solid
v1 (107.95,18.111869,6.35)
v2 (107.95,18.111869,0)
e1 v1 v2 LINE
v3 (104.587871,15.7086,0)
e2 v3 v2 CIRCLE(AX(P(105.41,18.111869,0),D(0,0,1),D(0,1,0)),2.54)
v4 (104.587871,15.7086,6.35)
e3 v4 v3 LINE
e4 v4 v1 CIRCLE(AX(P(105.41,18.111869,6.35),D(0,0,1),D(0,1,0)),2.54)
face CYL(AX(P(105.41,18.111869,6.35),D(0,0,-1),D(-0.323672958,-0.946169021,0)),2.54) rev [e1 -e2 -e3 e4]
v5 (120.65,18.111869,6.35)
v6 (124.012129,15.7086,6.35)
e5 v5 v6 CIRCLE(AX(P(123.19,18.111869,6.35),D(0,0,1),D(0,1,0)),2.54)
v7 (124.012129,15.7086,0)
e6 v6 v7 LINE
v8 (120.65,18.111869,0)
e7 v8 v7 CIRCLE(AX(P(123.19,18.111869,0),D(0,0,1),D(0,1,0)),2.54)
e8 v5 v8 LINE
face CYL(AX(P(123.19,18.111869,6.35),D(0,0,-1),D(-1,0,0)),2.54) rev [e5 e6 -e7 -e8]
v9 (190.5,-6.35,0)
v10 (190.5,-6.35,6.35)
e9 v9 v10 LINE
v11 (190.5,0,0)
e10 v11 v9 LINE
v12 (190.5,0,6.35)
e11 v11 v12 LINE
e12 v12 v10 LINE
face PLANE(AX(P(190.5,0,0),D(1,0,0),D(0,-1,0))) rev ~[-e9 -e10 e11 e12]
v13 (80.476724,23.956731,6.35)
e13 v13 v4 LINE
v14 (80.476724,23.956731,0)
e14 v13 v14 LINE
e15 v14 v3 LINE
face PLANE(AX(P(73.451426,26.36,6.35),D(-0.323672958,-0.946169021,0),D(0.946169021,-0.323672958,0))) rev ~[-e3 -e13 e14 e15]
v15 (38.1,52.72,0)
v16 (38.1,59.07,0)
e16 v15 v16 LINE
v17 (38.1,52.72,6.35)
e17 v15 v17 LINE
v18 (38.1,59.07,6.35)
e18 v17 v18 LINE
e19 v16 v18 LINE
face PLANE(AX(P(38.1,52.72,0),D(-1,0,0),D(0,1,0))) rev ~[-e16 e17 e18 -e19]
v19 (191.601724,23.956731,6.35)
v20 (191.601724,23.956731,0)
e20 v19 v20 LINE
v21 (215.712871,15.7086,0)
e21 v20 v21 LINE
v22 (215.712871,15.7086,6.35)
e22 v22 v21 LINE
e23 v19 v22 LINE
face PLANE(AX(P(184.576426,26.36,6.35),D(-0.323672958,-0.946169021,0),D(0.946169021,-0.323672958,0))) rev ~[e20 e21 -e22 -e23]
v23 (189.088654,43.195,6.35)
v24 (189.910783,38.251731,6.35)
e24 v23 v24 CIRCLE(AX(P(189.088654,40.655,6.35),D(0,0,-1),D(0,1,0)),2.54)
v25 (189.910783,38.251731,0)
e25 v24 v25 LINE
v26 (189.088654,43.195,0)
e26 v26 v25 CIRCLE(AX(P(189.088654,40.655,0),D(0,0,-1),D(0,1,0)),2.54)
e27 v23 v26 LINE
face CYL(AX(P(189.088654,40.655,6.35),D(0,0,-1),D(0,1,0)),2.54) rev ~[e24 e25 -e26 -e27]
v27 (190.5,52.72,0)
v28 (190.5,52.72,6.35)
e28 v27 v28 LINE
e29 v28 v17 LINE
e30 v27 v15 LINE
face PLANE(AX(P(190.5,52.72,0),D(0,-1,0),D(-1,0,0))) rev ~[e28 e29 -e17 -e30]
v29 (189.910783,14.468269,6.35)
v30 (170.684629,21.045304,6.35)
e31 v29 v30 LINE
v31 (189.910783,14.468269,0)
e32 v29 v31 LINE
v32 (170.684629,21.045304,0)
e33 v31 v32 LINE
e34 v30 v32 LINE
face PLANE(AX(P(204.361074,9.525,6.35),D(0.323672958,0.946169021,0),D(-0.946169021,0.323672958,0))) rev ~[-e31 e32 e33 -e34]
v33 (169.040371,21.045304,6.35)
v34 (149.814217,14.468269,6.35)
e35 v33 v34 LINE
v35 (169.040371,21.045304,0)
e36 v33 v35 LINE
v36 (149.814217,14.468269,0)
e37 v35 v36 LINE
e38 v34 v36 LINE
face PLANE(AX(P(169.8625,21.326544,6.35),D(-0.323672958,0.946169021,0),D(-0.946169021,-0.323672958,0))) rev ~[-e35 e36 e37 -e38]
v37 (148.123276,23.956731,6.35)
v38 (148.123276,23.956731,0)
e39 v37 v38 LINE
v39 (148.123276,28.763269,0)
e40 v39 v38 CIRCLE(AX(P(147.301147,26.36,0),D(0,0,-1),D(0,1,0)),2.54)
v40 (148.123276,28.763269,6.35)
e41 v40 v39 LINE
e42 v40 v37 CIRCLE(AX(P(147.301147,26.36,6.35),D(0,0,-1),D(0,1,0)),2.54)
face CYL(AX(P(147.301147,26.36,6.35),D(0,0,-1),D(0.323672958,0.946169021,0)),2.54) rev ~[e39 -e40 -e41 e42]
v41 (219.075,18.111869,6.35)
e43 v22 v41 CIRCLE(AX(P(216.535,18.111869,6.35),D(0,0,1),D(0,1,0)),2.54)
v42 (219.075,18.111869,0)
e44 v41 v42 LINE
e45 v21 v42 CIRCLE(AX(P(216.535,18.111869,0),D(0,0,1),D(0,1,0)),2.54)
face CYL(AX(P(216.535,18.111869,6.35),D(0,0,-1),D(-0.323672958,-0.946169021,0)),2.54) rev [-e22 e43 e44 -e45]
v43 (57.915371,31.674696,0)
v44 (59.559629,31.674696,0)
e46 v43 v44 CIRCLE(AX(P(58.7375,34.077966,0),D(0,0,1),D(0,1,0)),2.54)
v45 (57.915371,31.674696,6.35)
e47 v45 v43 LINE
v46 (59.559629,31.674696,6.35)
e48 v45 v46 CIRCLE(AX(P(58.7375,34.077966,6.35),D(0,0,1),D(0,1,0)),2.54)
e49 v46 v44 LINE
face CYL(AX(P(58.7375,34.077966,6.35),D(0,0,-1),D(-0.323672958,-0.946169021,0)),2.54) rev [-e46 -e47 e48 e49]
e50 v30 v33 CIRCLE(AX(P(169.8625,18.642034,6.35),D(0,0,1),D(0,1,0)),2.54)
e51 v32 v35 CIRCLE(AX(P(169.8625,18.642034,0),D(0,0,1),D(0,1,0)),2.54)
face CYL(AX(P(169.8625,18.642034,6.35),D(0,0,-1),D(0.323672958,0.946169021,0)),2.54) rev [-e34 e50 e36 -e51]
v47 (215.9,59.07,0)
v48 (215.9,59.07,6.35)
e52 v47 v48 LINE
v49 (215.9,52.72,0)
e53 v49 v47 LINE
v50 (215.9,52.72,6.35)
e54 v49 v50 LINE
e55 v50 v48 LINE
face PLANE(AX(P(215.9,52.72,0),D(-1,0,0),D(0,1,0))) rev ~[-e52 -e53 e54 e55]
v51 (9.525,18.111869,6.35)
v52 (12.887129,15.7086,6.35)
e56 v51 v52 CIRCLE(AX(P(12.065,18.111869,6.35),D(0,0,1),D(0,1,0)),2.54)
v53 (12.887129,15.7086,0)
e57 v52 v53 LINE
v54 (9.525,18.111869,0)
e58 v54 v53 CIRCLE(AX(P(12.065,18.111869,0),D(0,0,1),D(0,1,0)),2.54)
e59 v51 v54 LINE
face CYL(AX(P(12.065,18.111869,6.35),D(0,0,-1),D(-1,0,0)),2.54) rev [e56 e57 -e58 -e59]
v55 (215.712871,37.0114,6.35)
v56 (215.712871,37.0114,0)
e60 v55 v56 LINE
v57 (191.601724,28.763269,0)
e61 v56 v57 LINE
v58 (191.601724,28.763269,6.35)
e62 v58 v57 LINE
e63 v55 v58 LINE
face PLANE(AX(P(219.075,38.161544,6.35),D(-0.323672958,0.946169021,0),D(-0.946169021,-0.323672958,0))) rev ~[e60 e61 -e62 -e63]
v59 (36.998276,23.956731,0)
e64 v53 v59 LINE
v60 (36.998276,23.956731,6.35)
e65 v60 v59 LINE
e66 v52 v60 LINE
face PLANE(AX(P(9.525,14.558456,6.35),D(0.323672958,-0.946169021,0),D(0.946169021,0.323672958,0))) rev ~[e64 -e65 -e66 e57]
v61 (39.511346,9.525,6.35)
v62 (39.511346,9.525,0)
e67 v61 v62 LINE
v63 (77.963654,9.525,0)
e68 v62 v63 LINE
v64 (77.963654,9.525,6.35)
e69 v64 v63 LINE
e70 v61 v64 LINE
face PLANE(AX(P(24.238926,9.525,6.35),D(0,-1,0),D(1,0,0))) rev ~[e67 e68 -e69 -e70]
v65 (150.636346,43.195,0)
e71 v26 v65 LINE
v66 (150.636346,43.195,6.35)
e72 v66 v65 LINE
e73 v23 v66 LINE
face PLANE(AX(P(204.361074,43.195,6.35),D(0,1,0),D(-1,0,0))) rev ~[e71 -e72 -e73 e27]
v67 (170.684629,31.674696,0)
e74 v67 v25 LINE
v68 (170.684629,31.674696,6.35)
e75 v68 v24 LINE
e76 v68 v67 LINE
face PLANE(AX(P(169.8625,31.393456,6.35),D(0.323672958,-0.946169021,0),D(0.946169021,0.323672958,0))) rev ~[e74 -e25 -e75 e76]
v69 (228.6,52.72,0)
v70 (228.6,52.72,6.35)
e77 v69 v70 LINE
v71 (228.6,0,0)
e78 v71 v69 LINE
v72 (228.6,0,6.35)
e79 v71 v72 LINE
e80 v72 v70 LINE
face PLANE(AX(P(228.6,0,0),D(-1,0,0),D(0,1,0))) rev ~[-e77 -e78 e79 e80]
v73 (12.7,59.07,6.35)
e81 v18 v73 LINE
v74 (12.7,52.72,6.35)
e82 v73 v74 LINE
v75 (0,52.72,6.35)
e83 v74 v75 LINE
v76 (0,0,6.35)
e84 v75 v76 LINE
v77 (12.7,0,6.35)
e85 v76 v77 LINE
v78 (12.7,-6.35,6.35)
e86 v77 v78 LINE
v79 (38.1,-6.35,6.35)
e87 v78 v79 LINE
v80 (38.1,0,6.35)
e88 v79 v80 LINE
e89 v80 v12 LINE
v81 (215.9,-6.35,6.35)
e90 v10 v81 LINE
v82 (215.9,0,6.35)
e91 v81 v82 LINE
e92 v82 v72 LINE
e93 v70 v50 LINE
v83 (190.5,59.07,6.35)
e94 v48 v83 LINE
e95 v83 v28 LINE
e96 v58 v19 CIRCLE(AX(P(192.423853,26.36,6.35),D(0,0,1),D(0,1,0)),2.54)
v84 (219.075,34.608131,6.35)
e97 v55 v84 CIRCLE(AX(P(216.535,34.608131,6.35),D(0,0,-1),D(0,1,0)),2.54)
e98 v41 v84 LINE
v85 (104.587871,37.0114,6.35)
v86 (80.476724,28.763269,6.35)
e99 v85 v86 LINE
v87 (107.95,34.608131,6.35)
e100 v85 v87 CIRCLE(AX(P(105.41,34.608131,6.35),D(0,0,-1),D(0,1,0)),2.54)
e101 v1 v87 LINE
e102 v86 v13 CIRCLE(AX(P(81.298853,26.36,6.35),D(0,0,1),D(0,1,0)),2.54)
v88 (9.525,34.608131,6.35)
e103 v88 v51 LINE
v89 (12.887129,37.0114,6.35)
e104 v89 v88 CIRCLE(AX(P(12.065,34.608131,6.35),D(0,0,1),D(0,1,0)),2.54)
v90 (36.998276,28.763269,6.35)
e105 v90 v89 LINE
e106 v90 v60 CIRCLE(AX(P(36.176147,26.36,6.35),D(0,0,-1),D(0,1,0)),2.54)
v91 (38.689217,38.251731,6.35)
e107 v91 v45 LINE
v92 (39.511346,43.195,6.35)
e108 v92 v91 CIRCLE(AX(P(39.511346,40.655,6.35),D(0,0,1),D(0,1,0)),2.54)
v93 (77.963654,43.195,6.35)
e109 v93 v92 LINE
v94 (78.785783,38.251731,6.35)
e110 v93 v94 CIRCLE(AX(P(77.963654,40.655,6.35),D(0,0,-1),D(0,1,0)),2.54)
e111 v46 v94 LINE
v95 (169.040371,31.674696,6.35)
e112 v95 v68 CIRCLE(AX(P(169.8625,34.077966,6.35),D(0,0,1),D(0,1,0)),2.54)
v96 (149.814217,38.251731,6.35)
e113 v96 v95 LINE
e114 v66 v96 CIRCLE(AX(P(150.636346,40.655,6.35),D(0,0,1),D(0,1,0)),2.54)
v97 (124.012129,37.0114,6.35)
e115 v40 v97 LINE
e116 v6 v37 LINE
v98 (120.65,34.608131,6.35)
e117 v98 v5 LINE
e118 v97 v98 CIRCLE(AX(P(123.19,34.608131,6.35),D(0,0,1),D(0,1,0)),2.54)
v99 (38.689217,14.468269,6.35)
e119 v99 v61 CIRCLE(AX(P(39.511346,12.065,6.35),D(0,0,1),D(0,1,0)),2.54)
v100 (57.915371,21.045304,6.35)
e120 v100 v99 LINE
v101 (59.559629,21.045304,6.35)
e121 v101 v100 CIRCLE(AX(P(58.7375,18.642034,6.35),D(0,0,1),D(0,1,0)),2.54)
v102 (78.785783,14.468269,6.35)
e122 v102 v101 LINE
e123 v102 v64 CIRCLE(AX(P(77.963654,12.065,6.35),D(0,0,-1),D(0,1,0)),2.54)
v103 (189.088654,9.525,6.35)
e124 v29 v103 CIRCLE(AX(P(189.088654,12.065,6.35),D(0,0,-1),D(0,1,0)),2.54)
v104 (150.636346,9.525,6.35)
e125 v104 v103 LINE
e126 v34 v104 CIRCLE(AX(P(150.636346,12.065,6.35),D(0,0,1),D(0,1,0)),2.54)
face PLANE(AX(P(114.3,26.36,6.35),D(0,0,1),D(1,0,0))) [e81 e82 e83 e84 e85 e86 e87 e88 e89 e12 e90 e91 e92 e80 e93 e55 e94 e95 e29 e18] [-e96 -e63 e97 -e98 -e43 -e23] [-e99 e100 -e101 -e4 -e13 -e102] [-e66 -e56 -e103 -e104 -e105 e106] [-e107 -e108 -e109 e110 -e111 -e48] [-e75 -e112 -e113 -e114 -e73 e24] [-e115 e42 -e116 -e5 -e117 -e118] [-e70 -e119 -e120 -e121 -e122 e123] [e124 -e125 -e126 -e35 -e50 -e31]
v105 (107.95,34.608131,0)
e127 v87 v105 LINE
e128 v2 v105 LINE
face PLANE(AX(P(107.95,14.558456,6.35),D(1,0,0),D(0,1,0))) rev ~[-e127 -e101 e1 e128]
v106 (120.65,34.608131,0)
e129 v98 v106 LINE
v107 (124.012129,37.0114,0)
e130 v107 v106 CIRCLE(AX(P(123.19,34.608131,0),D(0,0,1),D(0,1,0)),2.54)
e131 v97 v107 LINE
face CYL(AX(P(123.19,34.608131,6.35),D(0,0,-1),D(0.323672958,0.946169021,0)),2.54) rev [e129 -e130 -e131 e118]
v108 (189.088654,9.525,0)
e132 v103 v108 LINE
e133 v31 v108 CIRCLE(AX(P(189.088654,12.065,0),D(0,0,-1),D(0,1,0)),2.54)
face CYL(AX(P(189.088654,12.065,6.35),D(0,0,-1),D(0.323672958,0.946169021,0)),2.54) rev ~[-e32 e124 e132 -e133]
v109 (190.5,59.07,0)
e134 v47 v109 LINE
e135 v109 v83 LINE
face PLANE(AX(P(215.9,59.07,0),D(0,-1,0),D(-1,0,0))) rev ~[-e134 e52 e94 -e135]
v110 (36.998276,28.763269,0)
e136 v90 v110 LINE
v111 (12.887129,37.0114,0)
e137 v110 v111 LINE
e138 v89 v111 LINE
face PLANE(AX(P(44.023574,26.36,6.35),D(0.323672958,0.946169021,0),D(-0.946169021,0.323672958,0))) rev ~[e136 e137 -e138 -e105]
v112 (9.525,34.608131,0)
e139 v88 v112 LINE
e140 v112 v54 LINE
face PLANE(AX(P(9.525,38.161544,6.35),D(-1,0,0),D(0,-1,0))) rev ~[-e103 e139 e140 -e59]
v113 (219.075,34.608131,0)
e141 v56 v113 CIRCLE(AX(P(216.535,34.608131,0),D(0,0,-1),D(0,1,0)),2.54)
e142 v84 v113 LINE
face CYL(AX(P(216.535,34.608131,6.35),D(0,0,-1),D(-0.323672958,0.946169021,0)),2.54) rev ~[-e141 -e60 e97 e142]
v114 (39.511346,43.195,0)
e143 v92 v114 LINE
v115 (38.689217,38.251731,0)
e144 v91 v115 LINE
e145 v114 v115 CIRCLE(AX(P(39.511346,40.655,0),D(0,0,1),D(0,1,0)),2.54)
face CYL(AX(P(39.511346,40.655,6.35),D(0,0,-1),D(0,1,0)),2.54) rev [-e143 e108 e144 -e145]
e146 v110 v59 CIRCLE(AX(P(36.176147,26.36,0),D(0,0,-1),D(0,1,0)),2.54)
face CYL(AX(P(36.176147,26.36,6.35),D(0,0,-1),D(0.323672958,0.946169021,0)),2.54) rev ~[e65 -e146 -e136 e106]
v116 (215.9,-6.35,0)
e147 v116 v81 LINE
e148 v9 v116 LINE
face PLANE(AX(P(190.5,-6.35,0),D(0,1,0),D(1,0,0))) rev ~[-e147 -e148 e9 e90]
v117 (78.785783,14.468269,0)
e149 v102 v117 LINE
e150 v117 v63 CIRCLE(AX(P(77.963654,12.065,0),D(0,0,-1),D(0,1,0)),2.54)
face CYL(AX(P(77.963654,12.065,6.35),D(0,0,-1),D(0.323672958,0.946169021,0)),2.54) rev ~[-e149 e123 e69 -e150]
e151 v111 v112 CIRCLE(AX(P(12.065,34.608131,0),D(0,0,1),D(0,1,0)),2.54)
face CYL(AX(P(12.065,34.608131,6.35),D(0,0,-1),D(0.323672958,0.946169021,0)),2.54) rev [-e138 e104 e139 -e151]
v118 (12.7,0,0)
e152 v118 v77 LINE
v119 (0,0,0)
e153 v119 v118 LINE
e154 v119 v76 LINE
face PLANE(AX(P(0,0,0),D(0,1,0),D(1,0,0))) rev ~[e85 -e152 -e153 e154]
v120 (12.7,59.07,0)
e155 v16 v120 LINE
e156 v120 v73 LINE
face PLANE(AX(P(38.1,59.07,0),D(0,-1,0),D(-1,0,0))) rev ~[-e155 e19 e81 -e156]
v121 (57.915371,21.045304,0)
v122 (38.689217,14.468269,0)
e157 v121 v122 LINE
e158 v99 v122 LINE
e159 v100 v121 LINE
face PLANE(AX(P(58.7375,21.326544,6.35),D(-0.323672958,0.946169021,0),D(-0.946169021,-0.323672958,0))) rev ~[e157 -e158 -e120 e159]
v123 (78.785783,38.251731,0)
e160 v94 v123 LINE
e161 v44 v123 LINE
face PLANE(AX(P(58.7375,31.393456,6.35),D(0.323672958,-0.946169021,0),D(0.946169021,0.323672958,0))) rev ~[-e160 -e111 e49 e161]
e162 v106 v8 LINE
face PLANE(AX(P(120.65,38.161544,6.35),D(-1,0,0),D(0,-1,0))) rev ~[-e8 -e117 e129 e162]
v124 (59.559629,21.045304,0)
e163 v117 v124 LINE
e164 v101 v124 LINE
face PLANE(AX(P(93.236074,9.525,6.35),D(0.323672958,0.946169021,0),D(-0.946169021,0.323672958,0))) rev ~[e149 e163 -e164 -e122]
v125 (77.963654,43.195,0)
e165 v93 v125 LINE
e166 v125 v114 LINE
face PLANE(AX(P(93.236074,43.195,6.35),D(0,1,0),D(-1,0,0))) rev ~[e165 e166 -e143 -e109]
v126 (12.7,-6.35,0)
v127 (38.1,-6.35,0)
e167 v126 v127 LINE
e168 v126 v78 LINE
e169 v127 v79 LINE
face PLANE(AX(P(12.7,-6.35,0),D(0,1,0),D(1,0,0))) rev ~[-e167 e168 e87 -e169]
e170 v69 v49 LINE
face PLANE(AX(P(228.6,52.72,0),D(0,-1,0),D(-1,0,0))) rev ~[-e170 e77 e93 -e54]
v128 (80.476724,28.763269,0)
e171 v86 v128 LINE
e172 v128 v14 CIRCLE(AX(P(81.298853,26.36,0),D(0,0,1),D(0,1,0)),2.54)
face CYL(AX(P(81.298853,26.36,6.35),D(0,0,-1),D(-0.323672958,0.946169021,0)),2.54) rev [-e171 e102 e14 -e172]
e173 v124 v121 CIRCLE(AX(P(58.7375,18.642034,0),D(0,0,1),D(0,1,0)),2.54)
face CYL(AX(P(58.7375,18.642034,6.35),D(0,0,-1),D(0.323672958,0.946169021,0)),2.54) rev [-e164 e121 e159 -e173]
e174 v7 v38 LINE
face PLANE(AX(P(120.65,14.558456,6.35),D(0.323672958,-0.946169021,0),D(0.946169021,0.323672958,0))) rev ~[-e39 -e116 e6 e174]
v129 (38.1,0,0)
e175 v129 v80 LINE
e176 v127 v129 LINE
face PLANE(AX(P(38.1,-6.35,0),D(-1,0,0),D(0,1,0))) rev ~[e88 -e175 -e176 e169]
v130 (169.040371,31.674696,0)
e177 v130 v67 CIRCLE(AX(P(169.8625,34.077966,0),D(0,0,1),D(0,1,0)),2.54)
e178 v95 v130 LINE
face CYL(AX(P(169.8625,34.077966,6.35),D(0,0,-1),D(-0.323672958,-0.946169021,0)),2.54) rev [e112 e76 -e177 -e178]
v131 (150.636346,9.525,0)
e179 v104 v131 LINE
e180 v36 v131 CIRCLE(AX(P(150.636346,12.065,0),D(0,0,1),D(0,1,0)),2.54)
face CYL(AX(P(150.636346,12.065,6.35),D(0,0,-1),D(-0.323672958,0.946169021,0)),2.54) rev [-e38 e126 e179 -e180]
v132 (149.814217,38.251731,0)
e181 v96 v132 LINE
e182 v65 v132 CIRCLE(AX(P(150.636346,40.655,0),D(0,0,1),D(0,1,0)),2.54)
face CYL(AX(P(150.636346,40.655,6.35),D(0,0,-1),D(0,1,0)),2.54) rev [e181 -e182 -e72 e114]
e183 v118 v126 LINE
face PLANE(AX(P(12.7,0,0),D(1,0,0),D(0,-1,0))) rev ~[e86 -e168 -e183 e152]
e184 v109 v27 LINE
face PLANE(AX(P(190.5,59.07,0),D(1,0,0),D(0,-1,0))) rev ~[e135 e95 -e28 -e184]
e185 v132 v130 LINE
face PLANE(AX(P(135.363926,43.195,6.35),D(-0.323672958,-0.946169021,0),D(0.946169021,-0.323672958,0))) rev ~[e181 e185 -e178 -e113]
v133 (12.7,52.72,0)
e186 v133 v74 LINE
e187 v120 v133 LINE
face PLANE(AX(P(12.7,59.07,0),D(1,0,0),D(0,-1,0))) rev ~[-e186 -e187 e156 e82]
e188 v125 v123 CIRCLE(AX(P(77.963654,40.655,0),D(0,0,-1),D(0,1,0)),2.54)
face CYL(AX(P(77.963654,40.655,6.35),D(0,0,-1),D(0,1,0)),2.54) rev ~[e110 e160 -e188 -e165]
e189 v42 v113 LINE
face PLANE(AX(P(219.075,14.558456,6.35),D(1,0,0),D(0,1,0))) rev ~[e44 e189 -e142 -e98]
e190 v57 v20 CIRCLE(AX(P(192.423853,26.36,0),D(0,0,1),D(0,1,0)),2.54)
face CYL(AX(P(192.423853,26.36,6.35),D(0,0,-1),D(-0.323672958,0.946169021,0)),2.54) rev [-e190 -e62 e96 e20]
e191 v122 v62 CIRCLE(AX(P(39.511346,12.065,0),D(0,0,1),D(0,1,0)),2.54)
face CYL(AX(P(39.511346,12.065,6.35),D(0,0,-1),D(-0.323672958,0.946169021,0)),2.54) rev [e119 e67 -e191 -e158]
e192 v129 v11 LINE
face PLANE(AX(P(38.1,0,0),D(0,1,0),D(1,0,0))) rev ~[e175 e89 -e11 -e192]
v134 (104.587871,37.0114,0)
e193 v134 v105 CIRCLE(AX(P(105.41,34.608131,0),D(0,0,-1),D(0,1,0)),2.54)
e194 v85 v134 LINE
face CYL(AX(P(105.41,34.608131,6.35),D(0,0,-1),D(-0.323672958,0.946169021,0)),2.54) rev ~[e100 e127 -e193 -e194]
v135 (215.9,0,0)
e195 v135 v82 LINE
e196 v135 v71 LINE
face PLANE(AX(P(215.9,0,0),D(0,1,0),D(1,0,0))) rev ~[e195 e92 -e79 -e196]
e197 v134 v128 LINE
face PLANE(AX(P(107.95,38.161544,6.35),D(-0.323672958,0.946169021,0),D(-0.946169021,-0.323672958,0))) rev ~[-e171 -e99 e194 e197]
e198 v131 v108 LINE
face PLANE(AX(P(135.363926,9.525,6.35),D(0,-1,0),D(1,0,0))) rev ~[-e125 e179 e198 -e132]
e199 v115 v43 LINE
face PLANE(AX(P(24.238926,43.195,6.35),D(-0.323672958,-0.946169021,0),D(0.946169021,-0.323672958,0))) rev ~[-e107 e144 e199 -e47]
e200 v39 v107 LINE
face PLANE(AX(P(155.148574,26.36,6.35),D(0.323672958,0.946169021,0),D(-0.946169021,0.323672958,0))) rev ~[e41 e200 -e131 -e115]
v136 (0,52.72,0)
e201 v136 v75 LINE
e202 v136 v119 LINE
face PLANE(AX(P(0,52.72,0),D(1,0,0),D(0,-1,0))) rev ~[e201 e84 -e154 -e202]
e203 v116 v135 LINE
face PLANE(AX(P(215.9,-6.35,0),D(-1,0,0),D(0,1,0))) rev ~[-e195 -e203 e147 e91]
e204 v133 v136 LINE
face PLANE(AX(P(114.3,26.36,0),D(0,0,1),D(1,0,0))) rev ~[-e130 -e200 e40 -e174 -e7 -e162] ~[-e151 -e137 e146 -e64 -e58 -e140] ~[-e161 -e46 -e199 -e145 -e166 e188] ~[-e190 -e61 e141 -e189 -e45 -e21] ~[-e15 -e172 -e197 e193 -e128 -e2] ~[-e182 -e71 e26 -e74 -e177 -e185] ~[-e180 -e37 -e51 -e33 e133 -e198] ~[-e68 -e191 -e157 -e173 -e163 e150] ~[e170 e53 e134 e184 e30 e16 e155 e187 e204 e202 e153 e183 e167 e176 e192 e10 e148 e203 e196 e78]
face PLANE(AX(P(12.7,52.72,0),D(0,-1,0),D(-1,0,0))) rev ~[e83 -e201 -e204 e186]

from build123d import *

# Parameters (mm, degrees)
BOSS_EXTRUDE1_DEPTH = 6.35
CUT_EXTRUDE1_DEPTH  = 237.19387672
FILLET1_R           = 2.54


with BuildPart() as part:
    # Sketch1 → Boss-Extrude1 (new body)
    with BuildSketch(Plane.XY):
        Polygon((0, 0), (12.7, 0), (12.7, -6.35), (38.1, -6.35), (38.1, 0), (190.5, 0), (190.5, -6.35), (215.9, -6.35), (215.9, 0), (228.6, 0), (228.6, 52.72), (215.9, 52.72), (215.9, 59.07), (190.5, 59.07), (190.5, 52.72), (38.1, 52.72), (38.1, 59.07), (12.7, 59.07), (12.7, 52.72), (0, 52.72), align=None)
    extrude(amount=BOSS_EXTRUDE1_DEPTH)

    # Sketch2 → Cut-Extrude1 (cut, through all)
    with BuildSketch(Plane.XY.offset(6.35)):
        Polygon((44.023573871, 26.36), (9.525, 38.161544143), (9.525, 14.558455857), align=None)
        Polygon((93.236073871, 43.195), (24.238926129, 43.195), (58.7375, 31.393455857), align=None)
        Polygon((107.95, 38.161544143), (73.451426129, 26.36), (107.95, 14.558455857), align=None)
        Polygon((93.236073871, 9.525), (58.7375, 21.326544143), (24.238926129, 9.525), align=None)
        Polygon((155.148573871, 26.36), (120.65, 38.161544143), (120.65, 14.558455857), align=None)
        Polygon((204.361073871, 43.195), (135.363926129, 43.195), (169.8625, 31.393455857), align=None)
        Polygon((219.075, 38.161544143), (184.576426129, 26.36), (219.075, 14.558455857), align=None)
        Polygon((204.361073871, 9.525), (169.8625, 21.326544143), (135.363926129, 9.525), align=None)
    extrude(amount=-CUT_EXTRUDE1_DEPTH, mode=Mode.SUBTRACT)

    # Fillet1
    fillet1_edges = [part.edges().sort_by_distance(p)[0] for p in [
        (73.451426129, 26.36, 3.175),
        (107.95, 38.161544143, 3.175),
        (107.95, 14.558455857, 3.175),
        (204.361073871, 9.525, 3.175),
        (135.363926129, 9.525, 3.175),
        (169.8625, 21.326544143, 3.175),
        (169.8625, 31.393455857, 3.175),
        (135.363926129, 43.195, 3.175),
        (204.361073871, 43.195, 3.175),
        (219.075, 14.558455857, 3.175),
        (184.576426129, 26.36, 3.175),
        (219.075, 38.161544143, 3.175),
        (9.525, 14.558455857, 3.175),
        (9.525, 38.161544143, 3.175),
        (44.023573871, 26.36, 3.175),
        (155.148573871, 26.36, 3.175),
        (120.65, 14.558455857, 3.175),
        (120.65, 38.161544143, 3.175),
        (24.238926129, 9.525, 3.175),
        (58.7375, 21.326544143, 3.175),
        (93.236073871, 9.525, 3.175),
        (58.7375, 31.393455857, 3.175),
        (24.238926129, 43.195, 3.175),
        (93.236073871, 43.195, 3.175),
    ]]
    fillet(fillet1_edges, radius=FILLET1_R)


solid = part.part
